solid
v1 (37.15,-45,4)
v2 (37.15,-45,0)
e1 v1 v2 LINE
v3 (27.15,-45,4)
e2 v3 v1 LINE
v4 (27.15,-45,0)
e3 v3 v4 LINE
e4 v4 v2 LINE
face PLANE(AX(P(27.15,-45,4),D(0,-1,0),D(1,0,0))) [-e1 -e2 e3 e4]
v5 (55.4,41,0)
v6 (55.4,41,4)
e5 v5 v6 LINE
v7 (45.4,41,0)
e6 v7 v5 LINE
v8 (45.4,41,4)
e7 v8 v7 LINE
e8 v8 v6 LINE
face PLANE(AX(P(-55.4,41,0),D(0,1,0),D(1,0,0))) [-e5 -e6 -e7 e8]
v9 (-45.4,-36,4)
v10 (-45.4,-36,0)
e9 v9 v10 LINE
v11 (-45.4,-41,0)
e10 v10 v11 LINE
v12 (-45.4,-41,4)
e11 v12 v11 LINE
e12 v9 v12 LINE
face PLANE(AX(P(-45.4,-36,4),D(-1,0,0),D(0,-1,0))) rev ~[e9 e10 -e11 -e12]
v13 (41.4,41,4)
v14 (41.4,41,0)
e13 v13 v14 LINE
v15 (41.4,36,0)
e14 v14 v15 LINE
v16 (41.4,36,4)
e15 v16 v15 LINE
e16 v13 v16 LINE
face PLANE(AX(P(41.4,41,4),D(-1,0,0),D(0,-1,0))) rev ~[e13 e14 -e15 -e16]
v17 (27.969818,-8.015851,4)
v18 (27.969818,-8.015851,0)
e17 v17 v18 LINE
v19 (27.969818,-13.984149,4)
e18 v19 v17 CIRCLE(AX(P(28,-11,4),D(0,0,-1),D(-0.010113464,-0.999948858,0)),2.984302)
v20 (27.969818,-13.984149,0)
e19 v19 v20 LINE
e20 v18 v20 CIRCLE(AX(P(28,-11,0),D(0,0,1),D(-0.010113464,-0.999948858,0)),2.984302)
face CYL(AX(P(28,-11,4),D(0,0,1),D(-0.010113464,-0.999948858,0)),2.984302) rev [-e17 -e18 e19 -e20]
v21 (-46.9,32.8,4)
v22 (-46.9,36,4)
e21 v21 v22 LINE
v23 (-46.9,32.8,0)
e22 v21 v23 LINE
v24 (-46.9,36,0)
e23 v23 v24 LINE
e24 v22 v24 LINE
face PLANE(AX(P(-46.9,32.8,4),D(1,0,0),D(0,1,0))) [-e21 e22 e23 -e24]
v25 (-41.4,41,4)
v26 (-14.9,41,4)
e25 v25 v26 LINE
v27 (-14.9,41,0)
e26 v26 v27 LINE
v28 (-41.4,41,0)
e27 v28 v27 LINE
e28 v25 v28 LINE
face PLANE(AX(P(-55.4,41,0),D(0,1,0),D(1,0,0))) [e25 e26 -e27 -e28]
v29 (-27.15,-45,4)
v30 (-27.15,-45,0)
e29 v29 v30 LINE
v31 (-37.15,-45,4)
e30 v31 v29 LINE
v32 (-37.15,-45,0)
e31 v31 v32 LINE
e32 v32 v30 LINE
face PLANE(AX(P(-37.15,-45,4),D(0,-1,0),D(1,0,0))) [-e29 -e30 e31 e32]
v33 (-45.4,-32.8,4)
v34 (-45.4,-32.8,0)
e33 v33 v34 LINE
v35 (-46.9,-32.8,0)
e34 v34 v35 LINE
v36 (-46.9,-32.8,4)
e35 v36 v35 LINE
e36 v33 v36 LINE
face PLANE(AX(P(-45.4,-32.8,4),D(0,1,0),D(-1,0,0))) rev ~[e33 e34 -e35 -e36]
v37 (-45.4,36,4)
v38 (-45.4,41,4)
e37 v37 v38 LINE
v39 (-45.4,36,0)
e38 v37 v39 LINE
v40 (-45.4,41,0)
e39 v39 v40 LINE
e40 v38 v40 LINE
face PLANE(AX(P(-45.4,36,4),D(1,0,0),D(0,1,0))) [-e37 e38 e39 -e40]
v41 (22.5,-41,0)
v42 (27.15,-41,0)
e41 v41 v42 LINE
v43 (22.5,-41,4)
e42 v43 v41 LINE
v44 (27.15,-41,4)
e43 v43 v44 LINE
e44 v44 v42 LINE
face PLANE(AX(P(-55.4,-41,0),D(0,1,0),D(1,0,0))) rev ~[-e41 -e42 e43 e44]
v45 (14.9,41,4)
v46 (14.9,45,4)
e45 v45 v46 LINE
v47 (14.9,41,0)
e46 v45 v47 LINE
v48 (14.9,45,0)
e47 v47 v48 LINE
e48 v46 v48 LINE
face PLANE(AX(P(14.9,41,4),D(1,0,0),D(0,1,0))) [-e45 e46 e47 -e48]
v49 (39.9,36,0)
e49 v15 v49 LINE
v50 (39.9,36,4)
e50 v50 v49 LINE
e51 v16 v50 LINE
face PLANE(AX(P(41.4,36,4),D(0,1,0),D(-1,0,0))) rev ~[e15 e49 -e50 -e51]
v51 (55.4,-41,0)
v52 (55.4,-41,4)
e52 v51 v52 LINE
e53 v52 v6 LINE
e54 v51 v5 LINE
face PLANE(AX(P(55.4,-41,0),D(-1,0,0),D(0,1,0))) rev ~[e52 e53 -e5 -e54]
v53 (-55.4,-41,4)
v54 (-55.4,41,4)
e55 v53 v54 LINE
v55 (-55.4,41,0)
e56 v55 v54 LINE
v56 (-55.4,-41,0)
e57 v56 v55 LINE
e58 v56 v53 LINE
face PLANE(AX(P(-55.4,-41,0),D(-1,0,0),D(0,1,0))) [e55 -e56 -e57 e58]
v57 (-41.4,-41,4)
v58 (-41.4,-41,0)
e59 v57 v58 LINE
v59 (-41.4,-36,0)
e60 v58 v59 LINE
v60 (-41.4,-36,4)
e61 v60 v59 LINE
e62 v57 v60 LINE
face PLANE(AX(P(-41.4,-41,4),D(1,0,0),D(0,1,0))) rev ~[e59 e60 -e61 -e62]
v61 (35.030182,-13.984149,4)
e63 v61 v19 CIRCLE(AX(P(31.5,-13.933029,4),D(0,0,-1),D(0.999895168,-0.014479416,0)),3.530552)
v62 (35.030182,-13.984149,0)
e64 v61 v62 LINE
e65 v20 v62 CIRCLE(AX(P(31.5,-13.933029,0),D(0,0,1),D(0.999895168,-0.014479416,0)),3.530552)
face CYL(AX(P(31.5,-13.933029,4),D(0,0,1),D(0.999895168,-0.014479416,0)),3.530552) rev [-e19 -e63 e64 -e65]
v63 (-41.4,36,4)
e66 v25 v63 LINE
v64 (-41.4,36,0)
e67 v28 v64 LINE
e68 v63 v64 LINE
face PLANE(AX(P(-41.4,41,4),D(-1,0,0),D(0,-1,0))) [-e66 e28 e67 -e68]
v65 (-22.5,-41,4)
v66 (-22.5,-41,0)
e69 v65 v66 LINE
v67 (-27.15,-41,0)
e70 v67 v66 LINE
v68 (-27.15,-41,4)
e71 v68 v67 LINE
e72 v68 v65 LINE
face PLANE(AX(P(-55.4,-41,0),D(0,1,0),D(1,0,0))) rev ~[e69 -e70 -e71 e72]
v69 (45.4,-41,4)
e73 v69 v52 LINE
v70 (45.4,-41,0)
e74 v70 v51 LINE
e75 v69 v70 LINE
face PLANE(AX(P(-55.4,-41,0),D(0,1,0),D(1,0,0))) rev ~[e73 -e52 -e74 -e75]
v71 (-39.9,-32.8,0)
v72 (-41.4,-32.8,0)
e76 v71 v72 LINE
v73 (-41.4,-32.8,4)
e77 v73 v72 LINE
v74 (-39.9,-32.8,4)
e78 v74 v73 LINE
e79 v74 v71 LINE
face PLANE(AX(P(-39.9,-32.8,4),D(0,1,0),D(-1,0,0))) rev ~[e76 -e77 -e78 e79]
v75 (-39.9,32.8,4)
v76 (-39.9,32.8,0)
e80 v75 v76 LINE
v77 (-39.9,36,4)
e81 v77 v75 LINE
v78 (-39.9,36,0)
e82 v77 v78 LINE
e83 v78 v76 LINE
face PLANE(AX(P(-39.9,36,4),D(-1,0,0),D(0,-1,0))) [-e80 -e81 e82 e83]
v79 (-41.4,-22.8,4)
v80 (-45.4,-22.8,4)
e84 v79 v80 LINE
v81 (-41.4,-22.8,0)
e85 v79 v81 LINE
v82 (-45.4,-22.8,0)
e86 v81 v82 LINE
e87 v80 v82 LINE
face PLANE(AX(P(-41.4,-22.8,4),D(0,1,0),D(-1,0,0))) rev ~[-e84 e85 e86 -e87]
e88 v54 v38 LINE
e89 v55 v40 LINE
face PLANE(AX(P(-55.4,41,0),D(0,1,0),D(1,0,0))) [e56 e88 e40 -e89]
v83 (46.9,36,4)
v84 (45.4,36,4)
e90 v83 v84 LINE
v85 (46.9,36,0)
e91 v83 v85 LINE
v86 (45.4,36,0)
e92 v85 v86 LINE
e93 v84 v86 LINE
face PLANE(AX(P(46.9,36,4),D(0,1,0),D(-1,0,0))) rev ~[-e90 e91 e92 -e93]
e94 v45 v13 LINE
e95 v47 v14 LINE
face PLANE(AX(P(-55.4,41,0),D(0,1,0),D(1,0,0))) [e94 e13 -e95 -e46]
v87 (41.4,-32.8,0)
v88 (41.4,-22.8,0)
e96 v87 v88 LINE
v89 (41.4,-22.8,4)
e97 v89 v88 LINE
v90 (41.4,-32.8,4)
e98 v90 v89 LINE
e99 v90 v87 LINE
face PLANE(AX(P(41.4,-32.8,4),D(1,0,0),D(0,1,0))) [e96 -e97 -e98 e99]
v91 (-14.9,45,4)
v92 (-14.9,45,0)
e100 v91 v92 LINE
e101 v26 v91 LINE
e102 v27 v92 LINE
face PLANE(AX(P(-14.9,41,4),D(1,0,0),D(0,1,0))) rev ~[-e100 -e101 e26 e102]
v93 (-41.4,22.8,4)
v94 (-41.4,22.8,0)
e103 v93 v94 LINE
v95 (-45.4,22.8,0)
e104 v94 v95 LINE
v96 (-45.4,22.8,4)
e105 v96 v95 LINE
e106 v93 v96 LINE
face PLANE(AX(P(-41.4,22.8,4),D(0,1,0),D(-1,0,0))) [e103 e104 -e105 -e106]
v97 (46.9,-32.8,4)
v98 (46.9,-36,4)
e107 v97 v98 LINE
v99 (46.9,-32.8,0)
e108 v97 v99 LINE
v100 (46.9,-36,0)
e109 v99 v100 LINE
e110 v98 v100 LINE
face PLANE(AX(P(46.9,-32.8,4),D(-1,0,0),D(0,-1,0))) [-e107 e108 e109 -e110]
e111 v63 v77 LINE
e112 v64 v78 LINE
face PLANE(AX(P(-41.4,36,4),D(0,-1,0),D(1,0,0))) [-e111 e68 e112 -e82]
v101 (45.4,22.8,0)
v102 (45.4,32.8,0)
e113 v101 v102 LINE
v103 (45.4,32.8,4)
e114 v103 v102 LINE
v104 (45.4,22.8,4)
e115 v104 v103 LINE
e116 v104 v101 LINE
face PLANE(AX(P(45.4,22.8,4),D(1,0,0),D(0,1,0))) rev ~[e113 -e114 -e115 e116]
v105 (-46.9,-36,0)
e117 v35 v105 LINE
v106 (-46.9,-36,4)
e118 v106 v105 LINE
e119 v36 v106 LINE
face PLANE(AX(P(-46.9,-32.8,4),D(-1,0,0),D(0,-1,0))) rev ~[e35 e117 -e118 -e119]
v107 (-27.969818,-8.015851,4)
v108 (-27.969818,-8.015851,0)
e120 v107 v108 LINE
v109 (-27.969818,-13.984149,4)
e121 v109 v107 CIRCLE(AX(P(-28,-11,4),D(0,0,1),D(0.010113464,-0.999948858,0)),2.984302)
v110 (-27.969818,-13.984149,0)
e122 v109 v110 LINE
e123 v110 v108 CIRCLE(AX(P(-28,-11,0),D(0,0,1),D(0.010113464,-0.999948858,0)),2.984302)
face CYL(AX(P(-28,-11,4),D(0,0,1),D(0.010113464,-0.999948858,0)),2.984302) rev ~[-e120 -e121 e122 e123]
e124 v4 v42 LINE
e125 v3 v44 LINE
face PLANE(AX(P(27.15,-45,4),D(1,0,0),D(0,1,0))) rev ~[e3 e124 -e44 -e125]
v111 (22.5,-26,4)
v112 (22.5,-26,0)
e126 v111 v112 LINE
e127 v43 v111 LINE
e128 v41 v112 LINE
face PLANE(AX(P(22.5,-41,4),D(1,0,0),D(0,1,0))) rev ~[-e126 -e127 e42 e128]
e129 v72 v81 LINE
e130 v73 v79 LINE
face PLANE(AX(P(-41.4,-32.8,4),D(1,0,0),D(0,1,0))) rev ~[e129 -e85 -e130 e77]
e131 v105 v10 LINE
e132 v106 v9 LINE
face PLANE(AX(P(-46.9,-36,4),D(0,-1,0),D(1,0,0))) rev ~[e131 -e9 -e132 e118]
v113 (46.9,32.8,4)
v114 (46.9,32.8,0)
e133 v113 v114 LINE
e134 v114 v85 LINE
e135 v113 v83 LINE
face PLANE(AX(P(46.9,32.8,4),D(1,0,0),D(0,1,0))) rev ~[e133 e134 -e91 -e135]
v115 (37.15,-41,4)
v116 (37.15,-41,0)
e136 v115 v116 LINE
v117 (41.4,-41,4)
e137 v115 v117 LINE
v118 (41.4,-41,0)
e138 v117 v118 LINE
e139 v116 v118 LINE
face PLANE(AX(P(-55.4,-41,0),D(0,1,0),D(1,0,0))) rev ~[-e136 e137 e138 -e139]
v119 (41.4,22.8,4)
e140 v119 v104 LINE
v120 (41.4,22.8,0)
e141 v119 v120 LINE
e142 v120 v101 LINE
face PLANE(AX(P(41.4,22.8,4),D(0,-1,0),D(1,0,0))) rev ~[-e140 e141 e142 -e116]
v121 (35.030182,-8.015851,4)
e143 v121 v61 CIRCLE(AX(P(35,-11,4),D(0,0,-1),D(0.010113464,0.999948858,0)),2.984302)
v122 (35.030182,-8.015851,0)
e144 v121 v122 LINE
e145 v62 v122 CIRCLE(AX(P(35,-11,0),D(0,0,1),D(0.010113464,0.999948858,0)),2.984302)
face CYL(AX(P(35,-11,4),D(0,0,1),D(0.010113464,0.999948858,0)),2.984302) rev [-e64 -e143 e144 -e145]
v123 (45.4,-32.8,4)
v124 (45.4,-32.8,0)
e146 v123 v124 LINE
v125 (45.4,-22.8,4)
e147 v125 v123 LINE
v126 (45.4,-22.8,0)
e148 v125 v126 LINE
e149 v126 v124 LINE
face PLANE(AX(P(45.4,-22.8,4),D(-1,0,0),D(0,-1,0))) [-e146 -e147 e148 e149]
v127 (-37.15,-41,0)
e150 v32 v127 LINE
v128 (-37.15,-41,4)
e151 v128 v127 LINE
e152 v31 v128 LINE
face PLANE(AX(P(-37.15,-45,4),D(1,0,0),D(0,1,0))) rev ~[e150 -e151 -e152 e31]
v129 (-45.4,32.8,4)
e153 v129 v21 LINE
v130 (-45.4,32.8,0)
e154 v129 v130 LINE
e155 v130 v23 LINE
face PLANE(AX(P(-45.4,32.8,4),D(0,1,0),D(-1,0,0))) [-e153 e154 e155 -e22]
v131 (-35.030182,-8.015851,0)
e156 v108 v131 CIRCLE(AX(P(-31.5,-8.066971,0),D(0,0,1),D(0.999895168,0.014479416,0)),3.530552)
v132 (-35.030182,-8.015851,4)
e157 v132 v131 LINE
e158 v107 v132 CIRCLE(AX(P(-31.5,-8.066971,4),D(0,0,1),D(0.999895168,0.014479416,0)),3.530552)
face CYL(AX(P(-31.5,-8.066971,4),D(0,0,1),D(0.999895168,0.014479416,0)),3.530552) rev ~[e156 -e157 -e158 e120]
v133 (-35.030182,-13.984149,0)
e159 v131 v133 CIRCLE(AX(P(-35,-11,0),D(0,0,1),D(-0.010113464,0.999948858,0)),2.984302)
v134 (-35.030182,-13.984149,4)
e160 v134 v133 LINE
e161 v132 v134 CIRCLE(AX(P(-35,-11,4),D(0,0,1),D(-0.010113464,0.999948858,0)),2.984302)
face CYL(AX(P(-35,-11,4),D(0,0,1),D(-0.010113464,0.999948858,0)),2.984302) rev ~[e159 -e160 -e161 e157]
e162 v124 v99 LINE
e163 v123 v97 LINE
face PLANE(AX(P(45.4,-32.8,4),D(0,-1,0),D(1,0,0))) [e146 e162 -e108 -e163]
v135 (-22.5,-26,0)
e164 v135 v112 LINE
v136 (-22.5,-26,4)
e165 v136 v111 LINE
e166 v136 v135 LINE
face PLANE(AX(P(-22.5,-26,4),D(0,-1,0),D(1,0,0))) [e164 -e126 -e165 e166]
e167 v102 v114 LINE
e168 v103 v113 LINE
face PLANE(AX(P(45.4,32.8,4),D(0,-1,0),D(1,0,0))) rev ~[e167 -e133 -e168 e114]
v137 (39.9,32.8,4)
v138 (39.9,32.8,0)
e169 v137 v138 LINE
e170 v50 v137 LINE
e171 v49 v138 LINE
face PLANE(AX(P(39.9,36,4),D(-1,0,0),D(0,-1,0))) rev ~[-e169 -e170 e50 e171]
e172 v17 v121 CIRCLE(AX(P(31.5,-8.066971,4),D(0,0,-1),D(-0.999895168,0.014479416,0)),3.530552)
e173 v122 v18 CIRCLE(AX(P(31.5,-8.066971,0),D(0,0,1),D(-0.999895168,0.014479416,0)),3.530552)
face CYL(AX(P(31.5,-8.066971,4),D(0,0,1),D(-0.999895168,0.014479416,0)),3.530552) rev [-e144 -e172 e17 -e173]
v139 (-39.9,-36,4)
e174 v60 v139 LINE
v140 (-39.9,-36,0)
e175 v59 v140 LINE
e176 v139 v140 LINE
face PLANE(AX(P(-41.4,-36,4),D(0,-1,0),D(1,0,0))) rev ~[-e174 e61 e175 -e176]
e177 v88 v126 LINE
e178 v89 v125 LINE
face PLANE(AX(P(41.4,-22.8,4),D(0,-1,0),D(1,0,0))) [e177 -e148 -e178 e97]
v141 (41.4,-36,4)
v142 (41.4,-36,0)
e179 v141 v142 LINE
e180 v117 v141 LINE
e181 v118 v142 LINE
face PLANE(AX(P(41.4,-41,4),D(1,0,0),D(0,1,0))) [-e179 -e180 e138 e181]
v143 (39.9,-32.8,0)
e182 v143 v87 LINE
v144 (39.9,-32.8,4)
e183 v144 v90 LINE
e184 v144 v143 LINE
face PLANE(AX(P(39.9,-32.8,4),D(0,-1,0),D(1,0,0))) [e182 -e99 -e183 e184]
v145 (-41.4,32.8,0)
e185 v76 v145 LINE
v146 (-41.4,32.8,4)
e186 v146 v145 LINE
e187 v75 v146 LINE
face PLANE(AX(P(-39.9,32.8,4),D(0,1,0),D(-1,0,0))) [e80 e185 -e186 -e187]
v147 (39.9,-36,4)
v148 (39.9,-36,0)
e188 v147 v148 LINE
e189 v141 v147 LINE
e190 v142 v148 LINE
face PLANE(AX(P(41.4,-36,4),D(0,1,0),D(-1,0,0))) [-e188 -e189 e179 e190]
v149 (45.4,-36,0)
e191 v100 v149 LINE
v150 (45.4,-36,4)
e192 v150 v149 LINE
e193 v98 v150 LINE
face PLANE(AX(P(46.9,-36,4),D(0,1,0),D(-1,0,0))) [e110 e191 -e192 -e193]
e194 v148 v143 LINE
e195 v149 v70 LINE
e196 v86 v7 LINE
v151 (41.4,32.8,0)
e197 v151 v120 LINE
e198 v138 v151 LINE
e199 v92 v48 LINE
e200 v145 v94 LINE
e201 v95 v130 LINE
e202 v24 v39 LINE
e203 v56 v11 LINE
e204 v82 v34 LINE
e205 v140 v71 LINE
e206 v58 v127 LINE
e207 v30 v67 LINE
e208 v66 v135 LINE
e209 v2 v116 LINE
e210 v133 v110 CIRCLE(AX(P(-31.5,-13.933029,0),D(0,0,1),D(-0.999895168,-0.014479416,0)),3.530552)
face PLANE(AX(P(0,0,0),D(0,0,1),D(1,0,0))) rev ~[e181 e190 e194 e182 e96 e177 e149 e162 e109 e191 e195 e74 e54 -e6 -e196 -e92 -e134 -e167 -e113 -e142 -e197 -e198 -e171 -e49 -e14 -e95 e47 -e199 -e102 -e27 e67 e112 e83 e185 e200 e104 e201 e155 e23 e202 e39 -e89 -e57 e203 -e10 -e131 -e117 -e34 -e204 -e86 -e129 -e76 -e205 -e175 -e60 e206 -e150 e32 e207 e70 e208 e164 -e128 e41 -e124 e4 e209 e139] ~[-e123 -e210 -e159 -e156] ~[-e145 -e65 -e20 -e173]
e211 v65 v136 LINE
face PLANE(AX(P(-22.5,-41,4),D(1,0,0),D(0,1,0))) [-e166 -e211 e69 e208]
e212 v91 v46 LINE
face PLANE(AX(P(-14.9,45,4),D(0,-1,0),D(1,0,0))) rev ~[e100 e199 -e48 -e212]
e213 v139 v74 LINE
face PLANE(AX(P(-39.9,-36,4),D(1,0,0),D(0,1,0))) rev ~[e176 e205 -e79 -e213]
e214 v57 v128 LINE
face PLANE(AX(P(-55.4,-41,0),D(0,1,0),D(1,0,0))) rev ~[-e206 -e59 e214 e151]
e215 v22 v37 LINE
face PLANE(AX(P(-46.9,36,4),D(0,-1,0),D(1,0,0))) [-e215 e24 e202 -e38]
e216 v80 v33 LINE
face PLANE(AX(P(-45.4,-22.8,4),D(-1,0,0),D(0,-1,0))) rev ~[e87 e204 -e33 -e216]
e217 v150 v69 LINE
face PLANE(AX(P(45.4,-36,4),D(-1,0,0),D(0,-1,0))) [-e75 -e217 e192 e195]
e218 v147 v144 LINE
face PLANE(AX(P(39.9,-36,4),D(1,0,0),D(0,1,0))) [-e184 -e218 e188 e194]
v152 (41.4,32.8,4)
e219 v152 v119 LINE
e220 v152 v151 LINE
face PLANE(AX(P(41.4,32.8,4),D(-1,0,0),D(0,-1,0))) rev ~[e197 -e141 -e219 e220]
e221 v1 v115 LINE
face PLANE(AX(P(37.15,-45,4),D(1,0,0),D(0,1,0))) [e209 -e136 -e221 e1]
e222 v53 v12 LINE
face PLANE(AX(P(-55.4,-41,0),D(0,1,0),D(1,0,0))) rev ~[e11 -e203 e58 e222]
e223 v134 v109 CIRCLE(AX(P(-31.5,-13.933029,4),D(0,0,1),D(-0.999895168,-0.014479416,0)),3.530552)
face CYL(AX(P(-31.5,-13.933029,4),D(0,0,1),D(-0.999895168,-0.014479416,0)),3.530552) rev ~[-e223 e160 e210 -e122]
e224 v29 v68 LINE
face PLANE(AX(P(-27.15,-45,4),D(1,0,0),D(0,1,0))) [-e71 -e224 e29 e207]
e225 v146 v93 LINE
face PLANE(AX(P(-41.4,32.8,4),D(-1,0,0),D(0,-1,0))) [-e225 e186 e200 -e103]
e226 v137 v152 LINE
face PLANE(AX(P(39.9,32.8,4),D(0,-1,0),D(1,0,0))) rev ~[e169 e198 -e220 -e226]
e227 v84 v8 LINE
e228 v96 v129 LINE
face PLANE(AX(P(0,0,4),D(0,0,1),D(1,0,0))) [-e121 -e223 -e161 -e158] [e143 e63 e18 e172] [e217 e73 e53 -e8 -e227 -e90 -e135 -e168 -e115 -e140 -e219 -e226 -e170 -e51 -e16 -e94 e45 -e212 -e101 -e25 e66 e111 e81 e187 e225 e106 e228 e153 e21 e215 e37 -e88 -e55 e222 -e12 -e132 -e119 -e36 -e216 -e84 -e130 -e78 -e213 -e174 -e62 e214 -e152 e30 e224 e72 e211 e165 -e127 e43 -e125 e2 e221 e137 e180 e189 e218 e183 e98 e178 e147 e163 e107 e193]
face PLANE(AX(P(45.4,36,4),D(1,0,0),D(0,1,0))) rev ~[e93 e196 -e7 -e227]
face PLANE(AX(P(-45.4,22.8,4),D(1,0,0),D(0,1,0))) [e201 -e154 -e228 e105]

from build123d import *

# Parameters (mm, degrees)
SKETCH1_W           = 110.8
SKETCH1_H           = 82
BOSS_EXTRUDE1_DEPTH = 4
CUT_EXTRUDE1_DEPTH  = 10
SKETCH3_W           = 45
SKETCH3_H           = 15
CUT_EXTRUDE2_DEPTH  = 10
CUT_EXTRUDE3_DEPTH  = 10
SKETCH8_W           = 29.8
SKETCH8_H           = 4
BOSS_EXTRUDE2_DEPTH = 4
SKETCH9_W           = 10
SKETCH9_H           = 4
BOSS_EXTRUDE3_DEPTH = 4


with BuildPart() as part:
    # Sketch1 → Boss-Extrude1 (new body)
    with BuildSketch(Plane.XY):
        Rectangle(SKETCH1_W, SKETCH1_H)
    extrude(amount=BOSS_EXTRUDE1_DEPTH)

    # Sketch2 → Cut-Extrude1 (cut)
    with BuildSketch(Plane.XY.offset(4)):
        Polygon((41.4, -32.8), (41.4, -22.8), (45.4, -22.8), (45.4, -32.8), (46.9, -32.8), (46.9, -36), (45.4, -36), (45.4, -41), (41.4, -41), (41.4, -36), (39.9, -36), (39.9, -32.8), align=None)
        Polygon((-41.4, 32.8), (-41.4, 22.8), (-45.4, 22.8), (-45.4, 32.8), (-46.9, 32.8), (-46.9, 36), (-45.4, 36), (-45.4, 41), (-41.4, 41), (-41.4, 36), (-39.9, 36), (-39.9, 32.8), align=None)
        Polygon((45.4, 22.8), (45.4, 32.8), (46.9, 32.8), (46.9, 36), (45.4, 36), (45.4, 41), (41.4, 41), (41.4, 36), (39.9, 36), (39.9, 32.8), (41.4, 32.8), (41.4, 22.8), align=None)
        Polygon((-45.4, -22.8), (-45.4, -32.8), (-46.9, -32.8), (-46.9, -36), (-45.4, -36), (-45.4, -41), (-41.4, -41), (-41.4, -36), (-39.9, -36), (-39.9, -32.8), (-41.4, -32.8), (-41.4, -22.8), align=None)
    extrude(amount=-CUT_EXTRUDE1_DEPTH, mode=Mode.SUBTRACT)

    # Sketch3 → Cut-Extrude2 (cut)
    with BuildSketch(Plane.XY.offset(4)):
        with Locations((0, -33.5)):
            Rectangle(SKETCH3_W, SKETCH3_H)
    extrude(amount=-CUT_EXTRUDE2_DEPTH, mode=Mode.SUBTRACT)

    # Sketch6 → Cut-Extrude3 (cut)
    with BuildSketch(Plane.XY.offset(4)):
        with BuildLine():
            ThreePointArc((-35.03018163, -13.984149147), (-31.5, -17.463580565), (-27.96981837, -13.984149147))
            ThreePointArc((-27.96981837, -13.984149147), (-25.015698228, -11), (-27.96981837, -8.015850853))
            ThreePointArc((-27.96981837, -8.015850853), (-31.5, -4.536419435), (-35.03018163, -8.015850853))
            ThreePointArc((-35.03018163, -8.015850853), (-37.984301772, -11), (-35.03018163, -13.984149147))
        make_face()
        with BuildLine():
            ThreePointArc((27.96981837, -13.984149147), (25.015698228, -11), (27.96981837, -8.015850853))
            ThreePointArc((27.96981837, -8.015850853), (31.5, -4.536419435), (35.03018163, -8.015850853))
            ThreePointArc((35.03018163, -8.015850853), (37.984301772, -11), (35.03018163, -13.984149147))
            ThreePointArc((35.03018163, -13.984149147), (31.5, -17.463580565), (27.96981837, -13.984149147))
        make_face()
    extrude(amount=-CUT_EXTRUDE3_DEPTH, mode=Mode.SUBTRACT)

    # Sketch8 → Boss-Extrude2 (add)
    with BuildSketch(Plane.XY.offset(4)):
        with Locations((0, 43)):
            Rectangle(SKETCH8_W, SKETCH8_H)
    extrude(amount=-BOSS_EXTRUDE2_DEPTH)

    # Sketch9 → Boss-Extrude3 (add)
    with BuildSketch(Plane.XY.offset(4)):
        with Locations((-32.15, -43)):
            Rectangle(SKETCH9_W, SKETCH9_H)
        with Locations((32.15, -43)):
            Rectangle(SKETCH9_W, SKETCH9_H)
    extrude(amount=-BOSS_EXTRUDE3_DEPTH)


solid = part.part
